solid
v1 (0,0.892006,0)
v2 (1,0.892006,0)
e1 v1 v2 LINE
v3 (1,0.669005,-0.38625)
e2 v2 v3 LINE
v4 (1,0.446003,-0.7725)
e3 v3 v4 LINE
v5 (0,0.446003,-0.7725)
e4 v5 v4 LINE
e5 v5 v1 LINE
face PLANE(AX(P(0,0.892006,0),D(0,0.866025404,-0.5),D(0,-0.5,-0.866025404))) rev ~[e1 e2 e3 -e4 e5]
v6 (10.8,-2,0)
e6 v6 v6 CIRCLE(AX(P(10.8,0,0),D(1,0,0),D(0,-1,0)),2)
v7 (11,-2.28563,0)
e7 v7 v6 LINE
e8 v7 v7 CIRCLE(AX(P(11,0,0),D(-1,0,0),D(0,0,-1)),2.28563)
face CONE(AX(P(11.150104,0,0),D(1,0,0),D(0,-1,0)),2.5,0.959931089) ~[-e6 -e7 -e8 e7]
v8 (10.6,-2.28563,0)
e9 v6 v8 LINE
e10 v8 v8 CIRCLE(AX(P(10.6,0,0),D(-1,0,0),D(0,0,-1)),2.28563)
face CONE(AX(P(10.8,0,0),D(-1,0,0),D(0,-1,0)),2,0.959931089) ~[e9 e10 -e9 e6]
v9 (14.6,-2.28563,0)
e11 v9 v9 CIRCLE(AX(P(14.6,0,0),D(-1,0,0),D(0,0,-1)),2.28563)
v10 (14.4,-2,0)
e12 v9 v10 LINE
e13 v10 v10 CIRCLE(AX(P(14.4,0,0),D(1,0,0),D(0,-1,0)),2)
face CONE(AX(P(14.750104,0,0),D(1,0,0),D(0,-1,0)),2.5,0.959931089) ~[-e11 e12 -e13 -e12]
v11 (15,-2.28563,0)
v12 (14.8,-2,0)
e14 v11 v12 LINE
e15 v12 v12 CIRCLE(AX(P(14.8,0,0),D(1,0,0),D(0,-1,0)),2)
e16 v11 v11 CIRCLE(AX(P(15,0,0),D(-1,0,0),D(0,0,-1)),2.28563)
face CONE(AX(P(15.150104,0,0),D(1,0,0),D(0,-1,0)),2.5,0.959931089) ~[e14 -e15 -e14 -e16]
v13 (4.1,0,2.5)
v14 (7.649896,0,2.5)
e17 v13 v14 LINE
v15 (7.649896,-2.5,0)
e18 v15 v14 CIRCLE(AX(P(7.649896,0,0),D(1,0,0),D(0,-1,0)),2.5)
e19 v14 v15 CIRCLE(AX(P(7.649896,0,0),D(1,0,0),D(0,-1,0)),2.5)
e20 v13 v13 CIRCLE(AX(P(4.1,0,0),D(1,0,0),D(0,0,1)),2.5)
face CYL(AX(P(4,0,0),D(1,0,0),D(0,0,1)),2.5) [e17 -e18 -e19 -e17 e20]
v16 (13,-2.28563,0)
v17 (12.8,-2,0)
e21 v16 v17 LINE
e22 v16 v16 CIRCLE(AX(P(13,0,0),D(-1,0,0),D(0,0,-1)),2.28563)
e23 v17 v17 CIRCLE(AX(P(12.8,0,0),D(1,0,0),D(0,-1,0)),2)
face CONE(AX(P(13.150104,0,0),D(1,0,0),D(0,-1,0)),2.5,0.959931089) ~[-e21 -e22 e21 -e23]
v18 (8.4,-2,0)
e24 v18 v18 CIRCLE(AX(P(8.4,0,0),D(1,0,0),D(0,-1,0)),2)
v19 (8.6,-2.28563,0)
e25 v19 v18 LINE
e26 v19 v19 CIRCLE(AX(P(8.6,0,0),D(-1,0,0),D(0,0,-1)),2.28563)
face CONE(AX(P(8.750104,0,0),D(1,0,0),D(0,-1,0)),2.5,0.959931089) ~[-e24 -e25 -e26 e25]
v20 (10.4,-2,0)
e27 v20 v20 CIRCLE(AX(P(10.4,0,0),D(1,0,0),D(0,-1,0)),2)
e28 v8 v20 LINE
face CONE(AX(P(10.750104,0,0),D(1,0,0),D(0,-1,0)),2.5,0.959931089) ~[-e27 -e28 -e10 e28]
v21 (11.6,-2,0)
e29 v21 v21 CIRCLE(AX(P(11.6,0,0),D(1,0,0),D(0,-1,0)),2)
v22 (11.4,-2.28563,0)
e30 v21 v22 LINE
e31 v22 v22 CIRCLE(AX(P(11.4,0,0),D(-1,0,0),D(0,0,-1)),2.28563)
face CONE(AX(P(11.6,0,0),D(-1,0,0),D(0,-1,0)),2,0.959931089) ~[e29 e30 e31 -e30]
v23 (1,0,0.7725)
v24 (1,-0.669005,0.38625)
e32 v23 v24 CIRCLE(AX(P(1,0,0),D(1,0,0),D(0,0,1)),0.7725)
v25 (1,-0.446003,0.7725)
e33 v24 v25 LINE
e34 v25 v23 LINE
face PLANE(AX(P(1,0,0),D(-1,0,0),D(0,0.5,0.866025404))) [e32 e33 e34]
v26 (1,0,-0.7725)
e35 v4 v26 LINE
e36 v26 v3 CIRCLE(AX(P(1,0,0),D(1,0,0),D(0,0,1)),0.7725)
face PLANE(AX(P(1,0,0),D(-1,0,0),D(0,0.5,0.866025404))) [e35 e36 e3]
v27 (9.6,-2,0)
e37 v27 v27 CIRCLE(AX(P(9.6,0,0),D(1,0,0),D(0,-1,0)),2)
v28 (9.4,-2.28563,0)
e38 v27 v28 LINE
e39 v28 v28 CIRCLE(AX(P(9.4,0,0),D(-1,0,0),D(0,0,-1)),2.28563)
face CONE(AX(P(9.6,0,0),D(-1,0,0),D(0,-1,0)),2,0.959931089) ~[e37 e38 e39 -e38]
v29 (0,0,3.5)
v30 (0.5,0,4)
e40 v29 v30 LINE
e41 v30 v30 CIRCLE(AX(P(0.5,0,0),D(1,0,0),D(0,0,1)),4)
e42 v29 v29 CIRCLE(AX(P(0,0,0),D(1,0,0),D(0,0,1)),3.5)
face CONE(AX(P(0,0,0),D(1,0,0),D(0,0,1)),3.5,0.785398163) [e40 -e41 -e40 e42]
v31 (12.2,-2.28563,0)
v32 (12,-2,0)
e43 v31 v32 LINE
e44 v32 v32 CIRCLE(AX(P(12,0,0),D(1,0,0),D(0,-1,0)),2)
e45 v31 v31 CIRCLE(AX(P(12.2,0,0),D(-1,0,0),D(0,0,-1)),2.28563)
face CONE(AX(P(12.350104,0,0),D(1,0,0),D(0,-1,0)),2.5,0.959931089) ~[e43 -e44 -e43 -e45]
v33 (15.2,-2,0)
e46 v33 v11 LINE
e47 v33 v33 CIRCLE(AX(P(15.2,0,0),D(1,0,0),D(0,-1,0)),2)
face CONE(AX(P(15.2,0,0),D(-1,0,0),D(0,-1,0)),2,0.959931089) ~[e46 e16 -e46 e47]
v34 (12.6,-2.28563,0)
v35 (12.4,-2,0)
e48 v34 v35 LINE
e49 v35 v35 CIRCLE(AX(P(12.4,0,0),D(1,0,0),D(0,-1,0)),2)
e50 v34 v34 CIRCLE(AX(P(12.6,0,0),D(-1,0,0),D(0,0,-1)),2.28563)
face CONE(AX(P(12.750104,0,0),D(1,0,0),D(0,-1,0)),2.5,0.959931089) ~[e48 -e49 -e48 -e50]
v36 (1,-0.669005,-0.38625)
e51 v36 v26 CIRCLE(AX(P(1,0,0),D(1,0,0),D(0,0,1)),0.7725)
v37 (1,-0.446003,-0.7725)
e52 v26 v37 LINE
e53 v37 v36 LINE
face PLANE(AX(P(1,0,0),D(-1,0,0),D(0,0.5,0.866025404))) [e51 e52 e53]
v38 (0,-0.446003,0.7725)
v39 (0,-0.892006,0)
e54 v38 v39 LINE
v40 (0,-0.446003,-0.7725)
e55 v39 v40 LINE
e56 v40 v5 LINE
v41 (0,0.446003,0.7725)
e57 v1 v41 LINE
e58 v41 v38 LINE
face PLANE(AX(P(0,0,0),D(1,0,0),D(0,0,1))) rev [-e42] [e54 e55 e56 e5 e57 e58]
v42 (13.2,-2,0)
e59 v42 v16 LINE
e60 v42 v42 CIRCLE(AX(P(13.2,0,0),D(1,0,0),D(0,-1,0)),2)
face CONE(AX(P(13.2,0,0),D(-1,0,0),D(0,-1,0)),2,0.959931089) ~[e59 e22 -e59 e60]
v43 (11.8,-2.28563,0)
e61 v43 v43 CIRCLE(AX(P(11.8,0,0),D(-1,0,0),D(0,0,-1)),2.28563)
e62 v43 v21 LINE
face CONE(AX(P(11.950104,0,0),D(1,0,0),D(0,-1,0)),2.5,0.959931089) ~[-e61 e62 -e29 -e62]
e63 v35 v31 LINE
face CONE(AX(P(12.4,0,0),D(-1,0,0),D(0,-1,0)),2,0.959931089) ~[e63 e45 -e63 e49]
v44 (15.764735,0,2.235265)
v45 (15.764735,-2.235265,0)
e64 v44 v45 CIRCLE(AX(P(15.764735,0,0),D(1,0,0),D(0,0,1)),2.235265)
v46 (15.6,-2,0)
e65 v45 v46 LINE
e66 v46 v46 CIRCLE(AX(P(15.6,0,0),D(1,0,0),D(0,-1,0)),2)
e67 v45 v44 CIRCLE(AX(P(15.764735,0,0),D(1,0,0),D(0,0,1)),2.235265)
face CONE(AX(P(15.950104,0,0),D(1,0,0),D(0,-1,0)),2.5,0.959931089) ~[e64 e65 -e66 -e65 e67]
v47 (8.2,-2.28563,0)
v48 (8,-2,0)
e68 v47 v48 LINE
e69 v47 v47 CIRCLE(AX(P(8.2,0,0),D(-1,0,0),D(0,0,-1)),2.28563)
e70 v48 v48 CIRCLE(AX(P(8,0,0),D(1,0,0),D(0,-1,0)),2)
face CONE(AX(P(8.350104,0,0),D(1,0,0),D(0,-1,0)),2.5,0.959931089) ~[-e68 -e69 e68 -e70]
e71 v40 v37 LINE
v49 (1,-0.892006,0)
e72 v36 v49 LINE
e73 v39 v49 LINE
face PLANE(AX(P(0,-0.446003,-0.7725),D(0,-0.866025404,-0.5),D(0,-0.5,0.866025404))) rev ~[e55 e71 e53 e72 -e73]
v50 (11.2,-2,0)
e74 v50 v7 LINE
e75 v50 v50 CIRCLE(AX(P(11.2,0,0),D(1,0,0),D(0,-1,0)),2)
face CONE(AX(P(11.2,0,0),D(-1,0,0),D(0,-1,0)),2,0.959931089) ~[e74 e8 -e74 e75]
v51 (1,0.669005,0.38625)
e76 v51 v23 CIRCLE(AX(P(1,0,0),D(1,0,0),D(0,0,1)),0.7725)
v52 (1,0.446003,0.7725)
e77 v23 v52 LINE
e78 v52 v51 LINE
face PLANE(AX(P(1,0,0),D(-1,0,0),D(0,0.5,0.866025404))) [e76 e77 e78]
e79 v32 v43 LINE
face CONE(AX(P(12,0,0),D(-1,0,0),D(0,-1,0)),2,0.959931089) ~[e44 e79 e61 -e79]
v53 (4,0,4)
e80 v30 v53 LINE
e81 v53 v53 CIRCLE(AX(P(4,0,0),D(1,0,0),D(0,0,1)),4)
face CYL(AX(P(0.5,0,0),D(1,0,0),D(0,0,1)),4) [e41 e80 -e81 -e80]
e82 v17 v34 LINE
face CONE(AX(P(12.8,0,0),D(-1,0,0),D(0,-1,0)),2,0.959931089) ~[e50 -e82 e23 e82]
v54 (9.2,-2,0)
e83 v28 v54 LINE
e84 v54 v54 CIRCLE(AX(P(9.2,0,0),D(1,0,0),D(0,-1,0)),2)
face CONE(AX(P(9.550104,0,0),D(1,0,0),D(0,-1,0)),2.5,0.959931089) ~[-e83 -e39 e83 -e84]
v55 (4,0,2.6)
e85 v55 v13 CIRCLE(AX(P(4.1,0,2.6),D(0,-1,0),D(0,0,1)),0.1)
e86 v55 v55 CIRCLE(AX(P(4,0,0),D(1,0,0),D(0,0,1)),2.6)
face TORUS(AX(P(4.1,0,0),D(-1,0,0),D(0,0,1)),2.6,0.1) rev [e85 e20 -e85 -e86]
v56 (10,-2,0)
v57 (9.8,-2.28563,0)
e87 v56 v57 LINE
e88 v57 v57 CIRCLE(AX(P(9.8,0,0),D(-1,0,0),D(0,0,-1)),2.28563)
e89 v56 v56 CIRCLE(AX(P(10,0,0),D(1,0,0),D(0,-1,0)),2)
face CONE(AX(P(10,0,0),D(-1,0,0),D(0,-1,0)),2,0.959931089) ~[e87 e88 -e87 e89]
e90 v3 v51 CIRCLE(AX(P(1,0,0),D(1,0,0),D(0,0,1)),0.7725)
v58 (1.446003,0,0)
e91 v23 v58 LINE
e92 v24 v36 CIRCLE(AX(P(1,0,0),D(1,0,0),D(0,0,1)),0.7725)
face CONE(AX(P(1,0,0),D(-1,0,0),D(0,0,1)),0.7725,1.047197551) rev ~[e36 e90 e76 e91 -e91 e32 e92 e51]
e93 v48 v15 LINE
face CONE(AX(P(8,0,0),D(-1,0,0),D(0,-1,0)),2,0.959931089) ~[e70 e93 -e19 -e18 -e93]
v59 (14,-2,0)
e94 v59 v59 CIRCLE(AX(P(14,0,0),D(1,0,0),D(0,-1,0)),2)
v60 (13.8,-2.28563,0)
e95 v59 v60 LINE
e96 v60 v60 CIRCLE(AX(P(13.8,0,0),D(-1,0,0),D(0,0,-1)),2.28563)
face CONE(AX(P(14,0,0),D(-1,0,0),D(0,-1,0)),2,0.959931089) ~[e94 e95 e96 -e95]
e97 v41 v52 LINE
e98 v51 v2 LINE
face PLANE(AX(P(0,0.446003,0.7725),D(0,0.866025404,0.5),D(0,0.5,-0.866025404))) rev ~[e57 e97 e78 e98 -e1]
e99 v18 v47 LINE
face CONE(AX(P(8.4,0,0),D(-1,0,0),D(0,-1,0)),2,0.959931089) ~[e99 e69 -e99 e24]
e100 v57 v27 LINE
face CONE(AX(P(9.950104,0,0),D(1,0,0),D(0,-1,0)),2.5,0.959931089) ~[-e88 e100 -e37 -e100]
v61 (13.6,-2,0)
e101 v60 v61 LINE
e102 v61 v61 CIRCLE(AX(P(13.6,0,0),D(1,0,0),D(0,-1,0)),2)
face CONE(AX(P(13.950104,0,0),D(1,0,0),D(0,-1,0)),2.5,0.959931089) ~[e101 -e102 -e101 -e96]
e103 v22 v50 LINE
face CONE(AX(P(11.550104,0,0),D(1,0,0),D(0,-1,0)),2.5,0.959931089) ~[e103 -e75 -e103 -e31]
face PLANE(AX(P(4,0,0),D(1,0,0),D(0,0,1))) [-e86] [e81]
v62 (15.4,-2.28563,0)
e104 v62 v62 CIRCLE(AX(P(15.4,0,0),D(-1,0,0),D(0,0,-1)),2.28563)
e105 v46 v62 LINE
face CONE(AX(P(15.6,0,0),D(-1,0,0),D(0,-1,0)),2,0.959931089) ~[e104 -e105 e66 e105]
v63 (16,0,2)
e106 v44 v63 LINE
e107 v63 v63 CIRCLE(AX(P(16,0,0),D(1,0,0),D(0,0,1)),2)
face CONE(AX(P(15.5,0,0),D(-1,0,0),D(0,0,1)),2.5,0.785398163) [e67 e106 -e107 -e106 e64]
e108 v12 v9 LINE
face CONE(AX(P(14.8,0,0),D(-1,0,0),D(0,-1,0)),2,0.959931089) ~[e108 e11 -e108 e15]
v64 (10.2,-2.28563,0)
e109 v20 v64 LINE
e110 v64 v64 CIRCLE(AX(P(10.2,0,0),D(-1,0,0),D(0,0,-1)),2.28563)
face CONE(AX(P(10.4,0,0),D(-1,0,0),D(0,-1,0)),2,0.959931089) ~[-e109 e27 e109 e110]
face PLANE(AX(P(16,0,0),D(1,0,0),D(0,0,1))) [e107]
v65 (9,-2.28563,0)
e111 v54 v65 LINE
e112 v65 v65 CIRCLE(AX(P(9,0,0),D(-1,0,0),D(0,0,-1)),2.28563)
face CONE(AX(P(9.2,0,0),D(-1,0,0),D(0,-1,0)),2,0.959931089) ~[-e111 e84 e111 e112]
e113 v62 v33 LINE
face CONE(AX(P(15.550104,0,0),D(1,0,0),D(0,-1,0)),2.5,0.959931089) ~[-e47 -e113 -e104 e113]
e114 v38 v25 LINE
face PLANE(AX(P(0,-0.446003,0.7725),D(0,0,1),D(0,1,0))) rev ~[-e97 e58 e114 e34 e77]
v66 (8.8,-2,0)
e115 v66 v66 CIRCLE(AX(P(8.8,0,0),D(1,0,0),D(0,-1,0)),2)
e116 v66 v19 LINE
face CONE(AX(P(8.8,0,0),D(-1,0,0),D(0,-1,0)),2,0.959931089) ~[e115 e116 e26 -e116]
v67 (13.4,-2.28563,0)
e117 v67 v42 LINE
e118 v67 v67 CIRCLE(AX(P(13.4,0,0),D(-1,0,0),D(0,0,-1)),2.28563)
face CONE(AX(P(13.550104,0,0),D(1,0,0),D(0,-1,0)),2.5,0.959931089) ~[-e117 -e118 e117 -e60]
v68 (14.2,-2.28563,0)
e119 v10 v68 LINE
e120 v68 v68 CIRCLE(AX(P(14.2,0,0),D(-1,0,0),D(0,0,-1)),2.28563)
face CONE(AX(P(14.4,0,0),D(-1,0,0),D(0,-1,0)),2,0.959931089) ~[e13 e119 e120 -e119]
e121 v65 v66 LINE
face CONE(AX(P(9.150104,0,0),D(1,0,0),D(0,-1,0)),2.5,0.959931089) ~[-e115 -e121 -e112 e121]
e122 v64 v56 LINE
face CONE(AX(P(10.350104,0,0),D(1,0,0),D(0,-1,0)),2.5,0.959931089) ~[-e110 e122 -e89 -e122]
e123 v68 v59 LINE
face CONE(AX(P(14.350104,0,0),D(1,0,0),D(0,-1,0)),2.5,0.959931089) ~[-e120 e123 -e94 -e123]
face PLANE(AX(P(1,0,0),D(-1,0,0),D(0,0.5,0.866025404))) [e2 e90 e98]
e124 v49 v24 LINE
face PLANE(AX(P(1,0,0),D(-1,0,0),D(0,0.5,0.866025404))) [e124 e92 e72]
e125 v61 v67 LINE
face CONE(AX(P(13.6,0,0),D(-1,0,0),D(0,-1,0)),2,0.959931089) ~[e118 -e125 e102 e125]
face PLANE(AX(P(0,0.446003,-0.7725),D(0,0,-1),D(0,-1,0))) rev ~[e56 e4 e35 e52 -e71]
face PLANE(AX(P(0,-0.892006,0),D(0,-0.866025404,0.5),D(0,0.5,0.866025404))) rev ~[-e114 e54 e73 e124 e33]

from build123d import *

# Parameters (mm, degrees)
FILLET1_R       = 0.1
HEX_2_DEPTH     = 1
THDSCHPAT_COUNT = 20
THDSCHPAT_PITCH = 0.4


with BuildPart() as part:
    # BodySke → Base-Revolve (revolve)
    with BuildSketch(Plane.XY, mode=Mode.PRIVATE) as base_revolve_sk:
        Polygon((0, 0), (0, 3.5), (0.5, 4), (4, 4), (4, 2.5), (15.5, 2.5), (16, 2), (16, 0), align=None)
    revolve(base_revolve_sk.sketch.rotate(Axis((-31.75, 0, 0), (1, 0, 0)), 90), axis=Axis((-31.75, 0, 0), (1, 0, 0)))

    # Fillet1
    fillet1_edges = [part.edges().sort_by_distance(p)[0] for p in [
        (4, 0, -2.5),
    ]]
    fillet(fillet1_edges, radius=FILLET1_R)

    # Sketch2 → Hex-PreBroach (revolve, cut)
    with BuildSketch(Plane.XY, mode=Mode.PRIVATE) as hex_prebroach_sk:
        Polygon((0, 0.7725), (1, 0.7725), (1.446003083, 0), (0, 0), align=None)
    revolve(hex_prebroach_sk.sketch.rotate(Axis((0, 0, 0), (1, 0, 0)), 90), axis=Axis((0, 0, 0), (1, 0, 0)), mode=Mode.SUBTRACT)

    # Sketch3 → Hex 2 (cut)
    with BuildSketch(Plane(origin=(0, 0, 0), x_dir=(0, 0.500000000000001, 0.866025403784438), z_dir=(-1, 0, 0))):
        Polygon((0.446003083, 0.7725), (-0.446003083, 0.7725), (-0.892006166, 0), (-0.446003083, -0.7725), (0.446003083, -0.7725), (0.892006166, 0), align=None)
    extrude(amount=-HEX_2_DEPTH, mode=Mode.SUBTRACT)

    # ThdSchSke → ThreadSchematic (revolve, cut)
    with BuildSketch(Plane.XY):
        Polygon((8, -2), (7.649896231, -2.5), (7.649896231, -3.125), (8.350103769, -3.125), (8.350103769, -2.5), align=None)
    threadschematic = revolve(axis=Axis((-3.175, 0, 0), (1, 0, 0)), mode=Mode.SUBTRACT)

    # ThdSchPat: ThreadSchematic ×20
    with Locations(*[(i * THDSCHPAT_PITCH, 0, 0) for i in range(1, THDSCHPAT_COUNT)]):
        add(threadschematic, mode=Mode.SUBTRACT)


solid = part.part
